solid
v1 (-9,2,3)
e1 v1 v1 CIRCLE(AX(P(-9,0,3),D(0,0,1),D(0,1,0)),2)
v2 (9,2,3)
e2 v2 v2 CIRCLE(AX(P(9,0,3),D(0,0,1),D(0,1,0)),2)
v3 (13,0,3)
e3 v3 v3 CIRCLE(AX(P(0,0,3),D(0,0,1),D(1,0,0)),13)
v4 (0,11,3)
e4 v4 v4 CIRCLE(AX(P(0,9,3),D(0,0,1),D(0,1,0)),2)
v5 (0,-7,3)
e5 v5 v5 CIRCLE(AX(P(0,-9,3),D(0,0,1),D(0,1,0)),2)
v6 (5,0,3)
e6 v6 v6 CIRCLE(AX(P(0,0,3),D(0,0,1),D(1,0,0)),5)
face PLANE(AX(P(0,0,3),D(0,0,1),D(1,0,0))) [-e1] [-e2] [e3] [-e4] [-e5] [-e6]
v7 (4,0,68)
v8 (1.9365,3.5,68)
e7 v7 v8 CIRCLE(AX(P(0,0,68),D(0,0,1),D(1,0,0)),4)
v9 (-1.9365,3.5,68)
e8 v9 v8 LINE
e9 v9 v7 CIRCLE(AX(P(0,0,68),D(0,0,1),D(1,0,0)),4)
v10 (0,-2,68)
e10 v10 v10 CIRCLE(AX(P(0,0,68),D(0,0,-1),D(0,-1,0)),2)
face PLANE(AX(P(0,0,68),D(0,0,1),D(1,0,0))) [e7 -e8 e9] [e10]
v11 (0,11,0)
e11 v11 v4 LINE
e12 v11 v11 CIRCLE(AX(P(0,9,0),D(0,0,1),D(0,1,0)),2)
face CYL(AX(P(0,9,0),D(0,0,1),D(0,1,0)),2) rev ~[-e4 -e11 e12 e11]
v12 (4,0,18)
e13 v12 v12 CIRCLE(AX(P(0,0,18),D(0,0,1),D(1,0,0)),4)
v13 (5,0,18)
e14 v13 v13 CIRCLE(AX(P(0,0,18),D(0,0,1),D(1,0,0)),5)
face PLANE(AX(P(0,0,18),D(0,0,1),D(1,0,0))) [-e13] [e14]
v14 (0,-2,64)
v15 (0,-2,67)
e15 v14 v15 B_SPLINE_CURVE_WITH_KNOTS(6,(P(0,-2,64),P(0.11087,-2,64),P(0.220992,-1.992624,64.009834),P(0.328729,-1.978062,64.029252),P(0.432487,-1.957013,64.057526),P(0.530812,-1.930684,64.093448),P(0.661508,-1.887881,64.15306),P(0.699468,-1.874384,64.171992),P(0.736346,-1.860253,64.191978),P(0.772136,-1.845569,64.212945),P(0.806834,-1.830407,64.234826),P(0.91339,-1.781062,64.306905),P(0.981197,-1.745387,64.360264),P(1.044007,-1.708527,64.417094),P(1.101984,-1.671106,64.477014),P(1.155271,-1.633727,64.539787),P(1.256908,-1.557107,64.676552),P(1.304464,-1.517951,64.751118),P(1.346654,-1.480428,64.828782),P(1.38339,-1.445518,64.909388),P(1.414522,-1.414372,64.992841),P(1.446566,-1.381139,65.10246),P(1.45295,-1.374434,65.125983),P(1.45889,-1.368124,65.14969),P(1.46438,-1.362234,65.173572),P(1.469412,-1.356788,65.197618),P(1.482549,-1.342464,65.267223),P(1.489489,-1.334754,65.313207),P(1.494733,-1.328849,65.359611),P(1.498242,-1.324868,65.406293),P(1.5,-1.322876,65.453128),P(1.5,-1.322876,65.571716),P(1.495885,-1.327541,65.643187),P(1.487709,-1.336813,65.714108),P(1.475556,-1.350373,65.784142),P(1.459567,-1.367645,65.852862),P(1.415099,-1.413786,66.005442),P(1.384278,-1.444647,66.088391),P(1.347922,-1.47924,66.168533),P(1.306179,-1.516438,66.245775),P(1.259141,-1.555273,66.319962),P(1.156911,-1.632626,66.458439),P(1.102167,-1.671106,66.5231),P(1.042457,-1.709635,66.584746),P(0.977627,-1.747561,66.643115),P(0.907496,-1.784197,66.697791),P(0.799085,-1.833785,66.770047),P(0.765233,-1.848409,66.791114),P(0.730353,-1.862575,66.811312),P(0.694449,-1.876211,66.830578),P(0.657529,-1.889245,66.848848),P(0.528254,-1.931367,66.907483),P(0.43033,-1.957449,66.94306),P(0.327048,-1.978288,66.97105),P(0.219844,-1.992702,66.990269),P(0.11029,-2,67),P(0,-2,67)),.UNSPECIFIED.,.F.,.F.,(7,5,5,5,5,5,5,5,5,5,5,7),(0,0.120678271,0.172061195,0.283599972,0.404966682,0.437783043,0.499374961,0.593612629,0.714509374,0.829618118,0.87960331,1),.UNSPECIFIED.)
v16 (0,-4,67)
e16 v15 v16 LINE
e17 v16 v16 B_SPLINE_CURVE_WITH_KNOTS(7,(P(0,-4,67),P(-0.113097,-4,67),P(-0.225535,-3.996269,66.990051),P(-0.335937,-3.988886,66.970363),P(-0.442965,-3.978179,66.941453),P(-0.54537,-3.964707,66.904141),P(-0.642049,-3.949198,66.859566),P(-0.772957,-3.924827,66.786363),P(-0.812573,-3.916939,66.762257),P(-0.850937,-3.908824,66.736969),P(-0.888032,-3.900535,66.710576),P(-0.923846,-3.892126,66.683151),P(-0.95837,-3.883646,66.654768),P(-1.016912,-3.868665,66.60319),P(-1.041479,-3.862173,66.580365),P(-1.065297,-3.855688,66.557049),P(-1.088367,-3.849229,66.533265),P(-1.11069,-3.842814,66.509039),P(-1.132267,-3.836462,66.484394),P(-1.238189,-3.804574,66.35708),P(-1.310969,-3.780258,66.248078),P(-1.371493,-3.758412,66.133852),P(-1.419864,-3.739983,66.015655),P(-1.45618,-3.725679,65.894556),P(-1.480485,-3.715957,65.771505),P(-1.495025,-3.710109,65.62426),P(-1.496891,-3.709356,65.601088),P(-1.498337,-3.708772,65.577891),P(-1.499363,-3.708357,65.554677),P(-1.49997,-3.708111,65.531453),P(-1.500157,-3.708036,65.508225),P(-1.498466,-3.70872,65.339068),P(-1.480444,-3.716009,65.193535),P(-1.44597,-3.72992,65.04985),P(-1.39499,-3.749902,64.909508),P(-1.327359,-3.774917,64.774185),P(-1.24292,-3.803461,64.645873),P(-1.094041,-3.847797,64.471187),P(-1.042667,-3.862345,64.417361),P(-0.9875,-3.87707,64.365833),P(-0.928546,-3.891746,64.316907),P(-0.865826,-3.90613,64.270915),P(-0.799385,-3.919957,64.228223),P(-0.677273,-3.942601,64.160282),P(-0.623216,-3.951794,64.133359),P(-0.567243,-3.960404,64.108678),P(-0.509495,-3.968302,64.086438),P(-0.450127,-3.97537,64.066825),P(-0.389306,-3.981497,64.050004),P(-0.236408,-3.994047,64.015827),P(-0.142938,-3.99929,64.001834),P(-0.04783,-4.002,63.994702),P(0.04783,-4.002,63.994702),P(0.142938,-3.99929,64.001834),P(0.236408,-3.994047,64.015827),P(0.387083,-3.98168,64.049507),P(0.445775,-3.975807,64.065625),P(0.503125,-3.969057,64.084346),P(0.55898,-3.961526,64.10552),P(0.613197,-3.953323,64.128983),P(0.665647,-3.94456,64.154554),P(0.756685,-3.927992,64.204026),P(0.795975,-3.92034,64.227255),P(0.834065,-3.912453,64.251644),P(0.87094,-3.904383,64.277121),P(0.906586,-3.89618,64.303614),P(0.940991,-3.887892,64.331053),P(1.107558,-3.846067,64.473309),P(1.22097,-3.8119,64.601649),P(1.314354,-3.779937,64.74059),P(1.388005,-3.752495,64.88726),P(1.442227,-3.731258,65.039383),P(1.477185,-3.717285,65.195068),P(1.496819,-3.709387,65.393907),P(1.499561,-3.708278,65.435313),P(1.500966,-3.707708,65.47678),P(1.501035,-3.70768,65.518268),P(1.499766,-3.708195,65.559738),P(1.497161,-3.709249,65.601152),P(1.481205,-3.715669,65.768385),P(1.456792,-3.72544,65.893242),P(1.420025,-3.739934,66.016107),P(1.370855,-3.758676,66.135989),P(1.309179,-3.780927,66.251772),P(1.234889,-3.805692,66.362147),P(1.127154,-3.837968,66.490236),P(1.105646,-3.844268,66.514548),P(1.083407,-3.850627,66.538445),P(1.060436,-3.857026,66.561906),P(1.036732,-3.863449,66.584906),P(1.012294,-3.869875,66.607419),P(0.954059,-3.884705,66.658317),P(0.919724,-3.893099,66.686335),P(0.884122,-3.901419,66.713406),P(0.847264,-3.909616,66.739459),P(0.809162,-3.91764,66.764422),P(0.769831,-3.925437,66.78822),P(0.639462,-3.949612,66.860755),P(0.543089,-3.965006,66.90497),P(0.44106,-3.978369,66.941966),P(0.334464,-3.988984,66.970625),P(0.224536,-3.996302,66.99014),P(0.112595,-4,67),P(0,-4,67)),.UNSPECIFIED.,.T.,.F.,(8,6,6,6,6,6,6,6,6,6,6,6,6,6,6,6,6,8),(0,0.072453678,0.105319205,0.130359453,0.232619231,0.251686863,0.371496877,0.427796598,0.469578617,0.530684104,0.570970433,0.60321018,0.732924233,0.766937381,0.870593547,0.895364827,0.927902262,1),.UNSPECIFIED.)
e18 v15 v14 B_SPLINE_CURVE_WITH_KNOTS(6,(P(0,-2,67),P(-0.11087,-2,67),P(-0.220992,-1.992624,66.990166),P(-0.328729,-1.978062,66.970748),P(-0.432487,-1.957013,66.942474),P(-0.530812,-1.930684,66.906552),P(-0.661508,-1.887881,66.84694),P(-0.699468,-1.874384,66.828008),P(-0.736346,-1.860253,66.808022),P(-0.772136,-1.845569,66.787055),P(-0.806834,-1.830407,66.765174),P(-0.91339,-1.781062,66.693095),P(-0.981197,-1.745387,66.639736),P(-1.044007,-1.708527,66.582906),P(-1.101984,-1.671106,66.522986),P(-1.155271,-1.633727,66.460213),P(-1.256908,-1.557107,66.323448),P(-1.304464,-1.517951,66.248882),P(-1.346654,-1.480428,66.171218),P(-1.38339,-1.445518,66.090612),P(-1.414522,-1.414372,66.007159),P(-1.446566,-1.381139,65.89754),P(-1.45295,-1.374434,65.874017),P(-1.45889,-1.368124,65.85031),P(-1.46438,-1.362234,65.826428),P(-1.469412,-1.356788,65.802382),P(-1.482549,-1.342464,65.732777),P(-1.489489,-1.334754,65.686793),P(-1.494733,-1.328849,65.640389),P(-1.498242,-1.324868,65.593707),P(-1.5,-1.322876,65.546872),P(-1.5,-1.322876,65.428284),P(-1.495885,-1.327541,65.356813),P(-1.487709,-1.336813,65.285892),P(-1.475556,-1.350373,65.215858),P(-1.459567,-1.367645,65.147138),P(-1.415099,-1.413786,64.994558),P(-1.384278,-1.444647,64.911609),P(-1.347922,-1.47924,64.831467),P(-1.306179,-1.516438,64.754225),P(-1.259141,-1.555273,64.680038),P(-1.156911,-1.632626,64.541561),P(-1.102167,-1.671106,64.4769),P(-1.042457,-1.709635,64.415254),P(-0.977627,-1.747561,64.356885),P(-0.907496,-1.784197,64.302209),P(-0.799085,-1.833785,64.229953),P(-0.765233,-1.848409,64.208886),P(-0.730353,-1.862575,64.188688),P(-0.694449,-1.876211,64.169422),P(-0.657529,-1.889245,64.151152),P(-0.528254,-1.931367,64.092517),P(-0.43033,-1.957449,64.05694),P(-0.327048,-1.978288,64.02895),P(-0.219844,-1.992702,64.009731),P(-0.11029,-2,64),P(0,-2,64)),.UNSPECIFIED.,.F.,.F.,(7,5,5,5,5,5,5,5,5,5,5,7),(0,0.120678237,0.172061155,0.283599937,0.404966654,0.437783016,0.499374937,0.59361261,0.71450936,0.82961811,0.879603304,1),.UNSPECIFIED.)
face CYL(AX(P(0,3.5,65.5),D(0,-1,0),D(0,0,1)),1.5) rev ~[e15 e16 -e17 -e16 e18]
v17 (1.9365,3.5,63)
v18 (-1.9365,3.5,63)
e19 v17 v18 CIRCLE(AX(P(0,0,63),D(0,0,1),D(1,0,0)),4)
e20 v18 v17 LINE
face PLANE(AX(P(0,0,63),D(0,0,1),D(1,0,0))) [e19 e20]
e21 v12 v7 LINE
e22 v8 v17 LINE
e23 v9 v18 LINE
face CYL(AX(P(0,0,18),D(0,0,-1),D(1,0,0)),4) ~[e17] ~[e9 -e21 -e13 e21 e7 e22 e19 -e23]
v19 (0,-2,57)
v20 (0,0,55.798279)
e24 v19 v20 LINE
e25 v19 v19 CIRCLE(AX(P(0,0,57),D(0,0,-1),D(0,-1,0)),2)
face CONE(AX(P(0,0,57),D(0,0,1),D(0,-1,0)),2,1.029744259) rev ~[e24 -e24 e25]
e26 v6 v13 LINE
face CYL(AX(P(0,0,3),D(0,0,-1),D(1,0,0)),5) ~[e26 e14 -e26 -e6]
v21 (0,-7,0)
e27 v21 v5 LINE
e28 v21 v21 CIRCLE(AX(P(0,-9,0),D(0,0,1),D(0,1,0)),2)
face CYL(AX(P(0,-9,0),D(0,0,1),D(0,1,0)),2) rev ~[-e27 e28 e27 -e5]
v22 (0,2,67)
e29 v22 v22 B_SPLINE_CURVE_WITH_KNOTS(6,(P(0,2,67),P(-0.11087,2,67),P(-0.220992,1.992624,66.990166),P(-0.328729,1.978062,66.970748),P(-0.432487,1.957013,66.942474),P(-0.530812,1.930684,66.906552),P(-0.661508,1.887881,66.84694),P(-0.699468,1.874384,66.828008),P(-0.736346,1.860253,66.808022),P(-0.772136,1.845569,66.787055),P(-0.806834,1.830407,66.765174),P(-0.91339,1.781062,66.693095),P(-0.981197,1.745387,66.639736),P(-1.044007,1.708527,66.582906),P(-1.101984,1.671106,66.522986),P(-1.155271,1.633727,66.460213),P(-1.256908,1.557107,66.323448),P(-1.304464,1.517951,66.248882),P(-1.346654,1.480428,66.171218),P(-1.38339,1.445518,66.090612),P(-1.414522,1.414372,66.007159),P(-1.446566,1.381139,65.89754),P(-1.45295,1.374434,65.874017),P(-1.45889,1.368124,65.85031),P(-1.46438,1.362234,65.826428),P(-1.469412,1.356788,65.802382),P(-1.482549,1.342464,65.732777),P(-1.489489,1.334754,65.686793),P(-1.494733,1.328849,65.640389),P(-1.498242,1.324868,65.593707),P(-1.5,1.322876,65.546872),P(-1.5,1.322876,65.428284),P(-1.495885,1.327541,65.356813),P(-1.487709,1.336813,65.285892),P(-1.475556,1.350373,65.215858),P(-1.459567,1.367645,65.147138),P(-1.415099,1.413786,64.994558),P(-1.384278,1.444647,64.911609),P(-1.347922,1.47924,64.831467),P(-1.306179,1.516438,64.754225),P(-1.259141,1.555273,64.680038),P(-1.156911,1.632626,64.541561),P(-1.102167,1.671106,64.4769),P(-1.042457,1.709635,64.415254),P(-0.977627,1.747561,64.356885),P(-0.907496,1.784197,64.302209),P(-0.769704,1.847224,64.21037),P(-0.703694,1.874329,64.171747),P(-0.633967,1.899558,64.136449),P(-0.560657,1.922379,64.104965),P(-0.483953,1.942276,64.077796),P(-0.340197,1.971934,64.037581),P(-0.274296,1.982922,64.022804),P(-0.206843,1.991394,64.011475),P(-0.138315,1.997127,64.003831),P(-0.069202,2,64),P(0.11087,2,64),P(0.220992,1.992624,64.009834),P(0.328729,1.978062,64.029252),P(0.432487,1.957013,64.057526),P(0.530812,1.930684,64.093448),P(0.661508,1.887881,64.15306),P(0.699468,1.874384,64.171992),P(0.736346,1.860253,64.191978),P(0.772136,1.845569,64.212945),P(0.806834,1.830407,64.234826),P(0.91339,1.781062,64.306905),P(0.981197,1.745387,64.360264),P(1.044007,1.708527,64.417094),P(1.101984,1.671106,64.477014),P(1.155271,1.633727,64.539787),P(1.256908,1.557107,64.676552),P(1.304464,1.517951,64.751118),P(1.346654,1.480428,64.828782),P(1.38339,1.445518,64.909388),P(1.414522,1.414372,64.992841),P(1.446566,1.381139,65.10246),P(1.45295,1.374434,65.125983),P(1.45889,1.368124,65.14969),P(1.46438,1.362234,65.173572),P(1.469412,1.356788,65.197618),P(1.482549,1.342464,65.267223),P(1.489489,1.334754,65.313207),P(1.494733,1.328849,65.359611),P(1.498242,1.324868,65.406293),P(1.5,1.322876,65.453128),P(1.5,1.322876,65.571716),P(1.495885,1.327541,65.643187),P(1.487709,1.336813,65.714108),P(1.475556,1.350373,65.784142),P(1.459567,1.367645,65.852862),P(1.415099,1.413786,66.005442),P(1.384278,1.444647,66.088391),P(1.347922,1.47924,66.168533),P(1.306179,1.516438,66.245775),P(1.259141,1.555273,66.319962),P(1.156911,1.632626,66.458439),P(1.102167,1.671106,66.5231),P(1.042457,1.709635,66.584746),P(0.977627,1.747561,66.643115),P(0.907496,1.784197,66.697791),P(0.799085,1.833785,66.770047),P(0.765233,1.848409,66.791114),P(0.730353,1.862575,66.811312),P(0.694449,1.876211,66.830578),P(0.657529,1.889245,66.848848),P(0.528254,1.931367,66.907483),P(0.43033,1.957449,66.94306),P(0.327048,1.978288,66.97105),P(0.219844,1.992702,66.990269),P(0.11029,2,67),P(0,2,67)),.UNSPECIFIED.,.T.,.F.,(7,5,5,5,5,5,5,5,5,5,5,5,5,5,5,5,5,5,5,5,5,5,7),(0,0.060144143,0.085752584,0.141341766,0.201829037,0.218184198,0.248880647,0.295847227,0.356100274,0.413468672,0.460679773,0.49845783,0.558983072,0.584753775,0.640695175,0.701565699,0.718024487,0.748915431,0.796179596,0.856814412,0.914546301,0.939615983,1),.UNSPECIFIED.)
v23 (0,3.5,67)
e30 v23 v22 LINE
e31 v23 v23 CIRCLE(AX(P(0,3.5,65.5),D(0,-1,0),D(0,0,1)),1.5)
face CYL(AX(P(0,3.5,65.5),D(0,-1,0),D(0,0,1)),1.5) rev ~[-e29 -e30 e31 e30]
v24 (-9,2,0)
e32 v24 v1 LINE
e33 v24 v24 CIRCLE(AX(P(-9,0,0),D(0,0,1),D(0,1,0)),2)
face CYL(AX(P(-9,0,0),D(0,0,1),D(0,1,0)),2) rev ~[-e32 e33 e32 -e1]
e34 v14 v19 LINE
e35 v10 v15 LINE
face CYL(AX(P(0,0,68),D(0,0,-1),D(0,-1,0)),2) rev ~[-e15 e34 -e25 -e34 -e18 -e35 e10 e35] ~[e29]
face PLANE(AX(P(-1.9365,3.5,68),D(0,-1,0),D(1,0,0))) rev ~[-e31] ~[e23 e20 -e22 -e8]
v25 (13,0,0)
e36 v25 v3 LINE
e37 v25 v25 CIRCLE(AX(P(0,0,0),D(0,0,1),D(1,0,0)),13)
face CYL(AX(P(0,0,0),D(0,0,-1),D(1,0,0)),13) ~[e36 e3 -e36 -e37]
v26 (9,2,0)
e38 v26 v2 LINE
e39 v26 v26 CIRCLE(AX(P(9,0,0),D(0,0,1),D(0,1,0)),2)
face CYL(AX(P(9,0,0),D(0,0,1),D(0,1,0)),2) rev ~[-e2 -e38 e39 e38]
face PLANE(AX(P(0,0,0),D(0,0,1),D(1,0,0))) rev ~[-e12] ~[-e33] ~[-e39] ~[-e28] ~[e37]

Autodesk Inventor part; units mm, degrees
ref_plane "YZ Plane" through (0, 0, 0) normal (1, 0, 0) x (0, 1, 0)
ref_plane "XZ Plane" through (0, 0, 0) normal (0, 1, 0) x (-1, 0, 0)
ref_plane "XY Plane" through (0, 0, 0) normal (0, 0, 1) x (1, 0, 0)
sketch "Szkic1" plane through (0, 0, 0) normal (0, 0, 1) x (1, 0, 0)
  circle A0 centre (0, 0) radius 13
  dimension "d0" = 26
extrude "Wyciągnięcie proste1" add sketch "Szkic1" along normal blind 3
sketch "Szkic2" plane through (0, 0, 3) normal (0, 0, 1) x (1, 0, 0)
  circle A0 centre (0, 0) radius 5
  dimension "d3" = 10
extrude "Wyciągnięcie proste2" add sketch "Szkic2" along normal blind 15
sketch "Szkic3" plane through (0, 0, 18) normal (0, 0, 1) x (1, 0, 0)
  circle A0 centre (0, 0) radius 4
  dimension "d6" = 8
extrude "Wyciągnięcie proste3" add sketch "Szkic3" along normal blind 50
thread "Gwint1" size "M8x1.25" class "6g" standard "ANSI Metric M Profile" length 20
sketch "Szkic4" plane through (0, 0, 68) normal (0, 0, 1) x (1, 0, 0)
  circle A0 centre (0, 0) radius 2
  dimension "d11" = 4
sketch "Szkic9" plane through (0, 0, 68) normal (0, 0, 1) x (1, 0, 0)
  circle A0 centre (0, 0) radius 4 projected
  line L0 (-1.9365, 3.5) -> (1.9365, 3.5)
  dimension "d34" = 3.5
extrude "Wyciągnięcie proste7" cut sketch "Szkic9" against normal blind 5 contours L0 A0 picked at (-0.3981, 3.6058)
sketch "Szkic10" plane through (-1.9365, 3.5, 68) normal (0, 1, 0) x (1, 0, 0)
  line L0 (3.873, 0) -> (0, 0) projected
  line L1 (3.873, 5) -> (3.873, 0) projected
  line L2 (3.873, 5) -> (0, 5) projected
  line L3 (0, 0) -> (0, 5) projected
  line L4 (3.873, 5) -> (3.873, 0) construction
  line L5 (3.873, 2.5) -> (0, 2.5) construction
  line L6 (0, 0) -> (0, 5) construction
  point P0 (1.9365, 68)
  point P1 (1.9365, 2.5)
hole "Otwór2" at (0, 3.5, 65.5) direction (0, -1, 0) diameter 3 depth 20 tip angle 118
hole "Otwór3" at (0, 0, 68) direction (0, 0, -1) diameter 4 depth 11 tip angle 118
sketch "Szkic11" plane through (0, 0, 0) normal (0, 0, -1) x (-1, 0, 0)
  circle A0 centre (0, 0) radius 9 construction
  line L0 (9, 0) -> (-9, 0) construction
  line L1 (0, -9) -> (0, 9) construction
  dimension "d55" = 18
hole "Otwór4" at (9, 0, 0) at (-9, 0, 0) at (0, -9, 0) at (0, 9, 0) direction (0, 0, 1) diameter 4 depth 8 tip angle 118
thread "Gwint3" size "M3x0.5" class "6H" standard "ANSI Metric M Profile" full length
thread "Gwint4" size "M3x0.5" class "6H" standard "ANSI Metric M Profile" full length
properties part number "shaft"
